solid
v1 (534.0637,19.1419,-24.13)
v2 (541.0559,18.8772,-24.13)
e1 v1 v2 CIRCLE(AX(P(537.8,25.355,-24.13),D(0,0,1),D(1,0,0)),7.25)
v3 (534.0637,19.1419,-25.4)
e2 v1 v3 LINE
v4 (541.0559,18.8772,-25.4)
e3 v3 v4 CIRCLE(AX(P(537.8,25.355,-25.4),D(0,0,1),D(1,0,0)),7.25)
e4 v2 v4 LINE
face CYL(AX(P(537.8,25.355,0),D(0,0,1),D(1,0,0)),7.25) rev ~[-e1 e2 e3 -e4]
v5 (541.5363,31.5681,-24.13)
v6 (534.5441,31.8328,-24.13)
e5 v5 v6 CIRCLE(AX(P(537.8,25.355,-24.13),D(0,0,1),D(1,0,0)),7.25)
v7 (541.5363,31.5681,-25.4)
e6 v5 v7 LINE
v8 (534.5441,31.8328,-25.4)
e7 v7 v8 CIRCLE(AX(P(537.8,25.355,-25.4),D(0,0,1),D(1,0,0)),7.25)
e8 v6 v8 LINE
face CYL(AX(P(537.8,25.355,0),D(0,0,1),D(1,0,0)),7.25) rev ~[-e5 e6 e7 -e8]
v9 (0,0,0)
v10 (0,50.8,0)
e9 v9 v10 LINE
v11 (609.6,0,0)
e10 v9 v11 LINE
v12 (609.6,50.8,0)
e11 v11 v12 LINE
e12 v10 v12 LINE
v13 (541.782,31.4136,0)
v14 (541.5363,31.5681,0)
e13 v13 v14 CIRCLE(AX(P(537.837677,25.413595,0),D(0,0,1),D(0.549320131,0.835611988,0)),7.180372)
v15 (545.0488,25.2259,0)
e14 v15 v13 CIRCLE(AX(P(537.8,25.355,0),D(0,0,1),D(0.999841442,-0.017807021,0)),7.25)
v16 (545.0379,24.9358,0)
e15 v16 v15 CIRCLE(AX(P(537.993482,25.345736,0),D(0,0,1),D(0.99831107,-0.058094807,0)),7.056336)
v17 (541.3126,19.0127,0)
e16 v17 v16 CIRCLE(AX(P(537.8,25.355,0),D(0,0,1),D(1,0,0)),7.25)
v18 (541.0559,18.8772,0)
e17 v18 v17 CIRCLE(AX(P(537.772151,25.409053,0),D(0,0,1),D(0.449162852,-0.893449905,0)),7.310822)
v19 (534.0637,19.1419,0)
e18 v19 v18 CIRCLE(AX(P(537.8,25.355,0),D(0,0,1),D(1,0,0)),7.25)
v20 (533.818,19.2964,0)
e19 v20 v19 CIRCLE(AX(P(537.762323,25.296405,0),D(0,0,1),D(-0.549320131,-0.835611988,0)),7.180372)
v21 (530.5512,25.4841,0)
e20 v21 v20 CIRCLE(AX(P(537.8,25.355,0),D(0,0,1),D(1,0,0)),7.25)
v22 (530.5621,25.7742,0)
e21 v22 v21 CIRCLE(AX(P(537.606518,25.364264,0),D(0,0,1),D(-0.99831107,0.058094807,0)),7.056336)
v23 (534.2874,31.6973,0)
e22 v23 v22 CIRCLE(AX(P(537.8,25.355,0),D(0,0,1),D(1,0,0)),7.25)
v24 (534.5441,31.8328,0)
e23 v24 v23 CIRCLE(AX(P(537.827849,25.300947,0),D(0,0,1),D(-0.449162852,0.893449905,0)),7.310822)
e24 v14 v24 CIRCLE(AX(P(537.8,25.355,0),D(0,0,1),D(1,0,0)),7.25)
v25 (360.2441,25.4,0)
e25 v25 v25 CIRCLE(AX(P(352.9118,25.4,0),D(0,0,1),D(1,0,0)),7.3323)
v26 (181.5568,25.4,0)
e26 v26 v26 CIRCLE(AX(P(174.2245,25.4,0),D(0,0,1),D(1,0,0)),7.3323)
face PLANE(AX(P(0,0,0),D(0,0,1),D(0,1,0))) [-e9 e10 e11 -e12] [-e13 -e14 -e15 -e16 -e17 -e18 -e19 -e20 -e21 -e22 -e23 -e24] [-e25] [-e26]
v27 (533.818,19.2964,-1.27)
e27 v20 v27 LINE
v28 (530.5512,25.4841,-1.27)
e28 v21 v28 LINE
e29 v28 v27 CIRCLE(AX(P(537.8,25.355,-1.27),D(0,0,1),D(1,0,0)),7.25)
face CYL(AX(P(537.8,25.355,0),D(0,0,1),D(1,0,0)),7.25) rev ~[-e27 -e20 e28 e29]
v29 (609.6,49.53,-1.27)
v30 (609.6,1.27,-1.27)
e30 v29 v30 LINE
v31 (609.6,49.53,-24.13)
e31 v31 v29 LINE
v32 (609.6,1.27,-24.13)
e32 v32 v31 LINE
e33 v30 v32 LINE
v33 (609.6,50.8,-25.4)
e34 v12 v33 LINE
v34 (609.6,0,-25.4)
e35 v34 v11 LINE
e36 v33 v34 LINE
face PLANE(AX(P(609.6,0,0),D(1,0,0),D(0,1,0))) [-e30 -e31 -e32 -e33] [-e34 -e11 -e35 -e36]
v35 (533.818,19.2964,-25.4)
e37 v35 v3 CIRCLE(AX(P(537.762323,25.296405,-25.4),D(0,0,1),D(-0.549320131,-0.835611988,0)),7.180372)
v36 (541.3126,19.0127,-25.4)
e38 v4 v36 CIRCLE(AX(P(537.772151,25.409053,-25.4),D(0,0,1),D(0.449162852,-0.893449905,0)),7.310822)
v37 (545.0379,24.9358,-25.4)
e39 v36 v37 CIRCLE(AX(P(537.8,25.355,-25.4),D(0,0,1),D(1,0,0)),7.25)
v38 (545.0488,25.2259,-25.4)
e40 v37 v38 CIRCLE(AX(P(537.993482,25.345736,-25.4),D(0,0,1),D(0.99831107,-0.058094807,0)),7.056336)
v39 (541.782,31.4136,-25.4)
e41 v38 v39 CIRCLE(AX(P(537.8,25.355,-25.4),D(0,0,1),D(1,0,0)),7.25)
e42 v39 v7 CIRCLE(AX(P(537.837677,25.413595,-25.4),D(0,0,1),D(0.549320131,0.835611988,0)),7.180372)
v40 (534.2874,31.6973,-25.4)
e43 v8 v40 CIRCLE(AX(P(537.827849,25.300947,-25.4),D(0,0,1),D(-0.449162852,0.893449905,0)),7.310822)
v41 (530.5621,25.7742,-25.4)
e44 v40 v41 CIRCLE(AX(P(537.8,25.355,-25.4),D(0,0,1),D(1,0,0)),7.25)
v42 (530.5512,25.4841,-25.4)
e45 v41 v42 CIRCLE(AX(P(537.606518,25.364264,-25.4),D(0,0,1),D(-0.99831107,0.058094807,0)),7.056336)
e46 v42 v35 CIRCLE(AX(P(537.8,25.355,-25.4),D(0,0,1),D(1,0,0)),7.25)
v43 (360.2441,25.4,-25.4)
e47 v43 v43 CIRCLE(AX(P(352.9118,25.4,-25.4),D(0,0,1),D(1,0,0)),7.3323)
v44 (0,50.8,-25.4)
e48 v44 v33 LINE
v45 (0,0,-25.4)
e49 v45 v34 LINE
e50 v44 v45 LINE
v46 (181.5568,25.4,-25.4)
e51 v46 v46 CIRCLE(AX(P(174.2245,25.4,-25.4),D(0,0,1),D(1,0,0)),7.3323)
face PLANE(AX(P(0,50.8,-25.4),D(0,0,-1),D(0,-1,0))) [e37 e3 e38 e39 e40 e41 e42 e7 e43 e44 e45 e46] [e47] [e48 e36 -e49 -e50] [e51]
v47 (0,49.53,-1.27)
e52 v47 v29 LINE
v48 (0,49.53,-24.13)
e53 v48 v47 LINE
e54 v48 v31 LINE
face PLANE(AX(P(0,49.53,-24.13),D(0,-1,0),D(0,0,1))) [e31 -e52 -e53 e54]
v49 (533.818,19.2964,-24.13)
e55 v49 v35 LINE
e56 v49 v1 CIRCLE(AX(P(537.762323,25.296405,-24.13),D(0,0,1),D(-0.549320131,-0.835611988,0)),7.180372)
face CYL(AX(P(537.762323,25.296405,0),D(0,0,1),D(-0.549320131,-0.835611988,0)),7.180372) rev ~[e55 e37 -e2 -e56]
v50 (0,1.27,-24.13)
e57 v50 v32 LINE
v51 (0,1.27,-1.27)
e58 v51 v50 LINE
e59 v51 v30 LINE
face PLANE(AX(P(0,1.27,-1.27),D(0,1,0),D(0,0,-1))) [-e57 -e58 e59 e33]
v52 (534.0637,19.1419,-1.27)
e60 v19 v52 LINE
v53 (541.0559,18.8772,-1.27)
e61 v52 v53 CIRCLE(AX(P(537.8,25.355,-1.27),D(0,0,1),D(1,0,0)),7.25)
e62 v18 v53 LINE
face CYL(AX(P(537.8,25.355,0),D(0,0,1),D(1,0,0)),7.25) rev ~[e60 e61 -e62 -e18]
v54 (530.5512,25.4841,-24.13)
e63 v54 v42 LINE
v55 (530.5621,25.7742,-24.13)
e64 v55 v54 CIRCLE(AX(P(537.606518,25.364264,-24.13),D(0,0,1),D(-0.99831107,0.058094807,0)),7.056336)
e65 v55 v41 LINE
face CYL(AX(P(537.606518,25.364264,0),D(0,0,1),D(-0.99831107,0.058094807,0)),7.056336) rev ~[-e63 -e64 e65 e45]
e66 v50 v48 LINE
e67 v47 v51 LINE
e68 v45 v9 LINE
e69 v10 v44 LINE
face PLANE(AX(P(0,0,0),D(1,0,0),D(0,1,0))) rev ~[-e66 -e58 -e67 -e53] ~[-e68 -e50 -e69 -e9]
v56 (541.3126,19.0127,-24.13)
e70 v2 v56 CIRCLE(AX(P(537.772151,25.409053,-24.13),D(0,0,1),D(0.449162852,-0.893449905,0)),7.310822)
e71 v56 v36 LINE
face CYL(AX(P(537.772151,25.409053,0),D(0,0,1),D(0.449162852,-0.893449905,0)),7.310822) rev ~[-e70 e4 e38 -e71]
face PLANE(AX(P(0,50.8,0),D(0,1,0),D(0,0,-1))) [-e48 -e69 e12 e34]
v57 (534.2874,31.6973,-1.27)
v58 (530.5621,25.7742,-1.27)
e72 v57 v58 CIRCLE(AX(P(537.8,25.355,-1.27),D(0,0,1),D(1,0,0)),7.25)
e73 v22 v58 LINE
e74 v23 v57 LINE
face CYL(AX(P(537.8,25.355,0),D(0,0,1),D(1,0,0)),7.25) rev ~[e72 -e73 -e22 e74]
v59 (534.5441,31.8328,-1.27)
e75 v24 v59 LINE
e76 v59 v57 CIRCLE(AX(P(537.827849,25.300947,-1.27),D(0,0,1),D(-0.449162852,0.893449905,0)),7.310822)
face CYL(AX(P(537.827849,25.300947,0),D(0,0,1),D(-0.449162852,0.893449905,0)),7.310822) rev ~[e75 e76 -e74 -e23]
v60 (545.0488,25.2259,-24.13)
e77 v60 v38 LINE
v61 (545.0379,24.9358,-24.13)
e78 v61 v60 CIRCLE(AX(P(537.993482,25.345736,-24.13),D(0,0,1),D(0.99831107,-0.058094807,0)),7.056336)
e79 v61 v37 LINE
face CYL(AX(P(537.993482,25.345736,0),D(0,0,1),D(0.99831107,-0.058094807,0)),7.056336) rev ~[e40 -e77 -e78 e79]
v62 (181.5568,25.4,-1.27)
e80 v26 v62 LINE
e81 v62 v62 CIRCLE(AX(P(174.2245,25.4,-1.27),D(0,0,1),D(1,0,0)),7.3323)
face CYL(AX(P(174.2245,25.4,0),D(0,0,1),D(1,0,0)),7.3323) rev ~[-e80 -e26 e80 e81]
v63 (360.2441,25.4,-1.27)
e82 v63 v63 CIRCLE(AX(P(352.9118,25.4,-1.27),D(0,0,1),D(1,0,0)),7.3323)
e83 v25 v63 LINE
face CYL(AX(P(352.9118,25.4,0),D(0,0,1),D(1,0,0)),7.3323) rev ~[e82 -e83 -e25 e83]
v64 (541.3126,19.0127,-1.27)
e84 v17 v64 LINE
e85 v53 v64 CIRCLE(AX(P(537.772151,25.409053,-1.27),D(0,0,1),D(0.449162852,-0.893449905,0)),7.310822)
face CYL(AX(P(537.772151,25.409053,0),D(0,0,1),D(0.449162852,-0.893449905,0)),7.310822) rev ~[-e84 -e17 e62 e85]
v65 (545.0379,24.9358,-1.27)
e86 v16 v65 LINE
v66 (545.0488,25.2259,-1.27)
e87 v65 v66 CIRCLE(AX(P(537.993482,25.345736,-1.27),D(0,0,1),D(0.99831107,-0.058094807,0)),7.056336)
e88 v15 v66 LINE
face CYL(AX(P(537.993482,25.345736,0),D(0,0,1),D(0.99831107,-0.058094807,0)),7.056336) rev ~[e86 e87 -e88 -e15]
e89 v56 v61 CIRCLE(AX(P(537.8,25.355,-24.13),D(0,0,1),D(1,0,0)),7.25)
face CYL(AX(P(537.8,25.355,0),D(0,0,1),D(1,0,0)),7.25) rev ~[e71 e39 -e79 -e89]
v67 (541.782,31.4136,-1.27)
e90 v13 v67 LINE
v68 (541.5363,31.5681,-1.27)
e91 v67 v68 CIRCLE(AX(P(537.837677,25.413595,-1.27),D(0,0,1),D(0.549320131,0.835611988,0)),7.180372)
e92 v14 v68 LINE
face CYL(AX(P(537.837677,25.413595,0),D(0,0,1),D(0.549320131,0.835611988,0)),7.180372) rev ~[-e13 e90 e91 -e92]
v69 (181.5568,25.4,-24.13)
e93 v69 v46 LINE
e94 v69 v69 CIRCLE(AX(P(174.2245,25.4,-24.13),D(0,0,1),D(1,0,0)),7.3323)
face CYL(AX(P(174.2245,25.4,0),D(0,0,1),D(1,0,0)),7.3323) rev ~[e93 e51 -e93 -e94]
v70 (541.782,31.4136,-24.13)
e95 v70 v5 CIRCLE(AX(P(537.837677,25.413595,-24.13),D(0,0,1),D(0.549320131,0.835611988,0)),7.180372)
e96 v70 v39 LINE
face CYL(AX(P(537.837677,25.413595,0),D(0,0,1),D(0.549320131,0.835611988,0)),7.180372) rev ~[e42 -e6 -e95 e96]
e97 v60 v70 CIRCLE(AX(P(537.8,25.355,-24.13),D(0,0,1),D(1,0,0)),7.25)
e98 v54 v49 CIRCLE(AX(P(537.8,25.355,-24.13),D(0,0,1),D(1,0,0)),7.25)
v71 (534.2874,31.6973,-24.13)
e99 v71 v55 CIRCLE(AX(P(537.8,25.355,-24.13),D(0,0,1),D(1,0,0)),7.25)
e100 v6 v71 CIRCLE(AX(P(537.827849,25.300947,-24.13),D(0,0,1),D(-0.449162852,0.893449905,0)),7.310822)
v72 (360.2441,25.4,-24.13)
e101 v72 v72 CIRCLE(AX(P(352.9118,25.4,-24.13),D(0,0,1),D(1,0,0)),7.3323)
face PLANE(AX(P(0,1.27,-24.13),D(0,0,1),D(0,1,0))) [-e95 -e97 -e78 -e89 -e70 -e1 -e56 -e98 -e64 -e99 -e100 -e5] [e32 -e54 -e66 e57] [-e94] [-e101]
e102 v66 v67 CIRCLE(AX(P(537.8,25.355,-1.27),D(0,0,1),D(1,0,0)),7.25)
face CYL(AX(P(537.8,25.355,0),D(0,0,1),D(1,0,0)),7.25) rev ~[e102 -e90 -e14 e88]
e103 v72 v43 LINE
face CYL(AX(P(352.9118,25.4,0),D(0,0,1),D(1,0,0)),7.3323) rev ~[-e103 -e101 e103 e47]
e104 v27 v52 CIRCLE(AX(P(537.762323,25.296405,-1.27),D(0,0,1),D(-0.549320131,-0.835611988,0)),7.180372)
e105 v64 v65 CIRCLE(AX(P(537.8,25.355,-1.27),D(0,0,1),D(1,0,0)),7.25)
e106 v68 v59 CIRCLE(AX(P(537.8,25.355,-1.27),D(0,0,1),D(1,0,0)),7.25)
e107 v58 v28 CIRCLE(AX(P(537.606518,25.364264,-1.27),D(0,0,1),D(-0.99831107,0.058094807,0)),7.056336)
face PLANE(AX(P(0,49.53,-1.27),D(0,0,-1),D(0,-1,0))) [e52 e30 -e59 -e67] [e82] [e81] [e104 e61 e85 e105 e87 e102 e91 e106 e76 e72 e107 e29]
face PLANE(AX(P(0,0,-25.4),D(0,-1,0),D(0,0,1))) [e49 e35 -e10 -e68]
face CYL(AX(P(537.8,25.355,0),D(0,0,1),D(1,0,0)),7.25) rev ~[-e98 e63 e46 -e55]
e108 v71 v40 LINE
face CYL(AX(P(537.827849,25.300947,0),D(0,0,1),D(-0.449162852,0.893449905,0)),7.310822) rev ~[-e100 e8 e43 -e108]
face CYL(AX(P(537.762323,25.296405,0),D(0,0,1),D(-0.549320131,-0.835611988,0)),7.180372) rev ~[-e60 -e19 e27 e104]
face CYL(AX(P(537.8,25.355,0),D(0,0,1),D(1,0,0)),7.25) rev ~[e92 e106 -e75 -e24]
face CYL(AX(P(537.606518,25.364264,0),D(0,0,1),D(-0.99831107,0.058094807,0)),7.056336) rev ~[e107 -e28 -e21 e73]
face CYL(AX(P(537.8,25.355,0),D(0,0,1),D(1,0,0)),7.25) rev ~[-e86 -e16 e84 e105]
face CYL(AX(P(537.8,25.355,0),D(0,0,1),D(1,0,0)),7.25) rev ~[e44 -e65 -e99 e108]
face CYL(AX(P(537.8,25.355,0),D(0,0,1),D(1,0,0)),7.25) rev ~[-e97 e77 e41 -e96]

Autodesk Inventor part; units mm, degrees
ref_plane "YZ Plane" through (0, 0, 0) normal (1, 0, 0) x (0, 1, 0)
ref_plane "XZ Plane" through (0, 0, 0) normal (0, 1, 0) x (-1, 0, 0)
ref_plane "XY Plane" through (0, 0, 0) normal (0, 0, 1) x (1, 0, 0)
sketch "Sketch1" plane through (0, 0, 0) normal (1, 0, 0) x (0, 1, 0)
  line L0 (0, 0) -> (50.8, 0)
  line L1 (50.8, 0) -> (50.8, -25.4)
  line L2 (50.8, -25.4) -> (0, -25.4)
  line L3 (0, -25.4) -> (0, 0)
  line L4 (49.53, -24.13) -> (49.53, -1.27)
  line L5 (49.53, -1.27) -> (1.27, -1.27)
  line L6 (1.27, -1.27) -> (1.27, -24.13)
  line L7 (1.27, -24.13) -> (49.53, -24.13)
  dimension "d0" = 50.8
  dimension "d1" = 25.4
  dimension "d2" = 1.27
extrude "Extrusion1" add sketch "Sketch1" along normal blind 609.6
sketch "Sketch2" plane through (0, 0, 0) normal (0, 0, 1) x (1, 0, 0)
  line L0 (537.5598, 19.0095) -> (541.0559, 18.8772) projected
  line L1 (534.0637, 19.1419) -> (537.5598, 19.0095) projected
  line L2 (532.1846, 22.3903) -> (533.818, 19.2964) projected
  arc A0 (533.818, 19.2964) -> (534.0637, 19.1419) centre (537.8, 25.355) ccw projected
  arc A1 (530.5621, 25.7742) -> (530.5512, 25.4841) centre (537.8, 25.355) ccw projected
  arc A2 (534.5441, 31.8328) -> (534.2874, 31.6973) centre (537.8, 25.355) ccw projected
  arc A3 (541.782, 31.4136) -> (541.5363, 31.5681) centre (537.8, 25.355) ccw projected
  arc A4 (545.0379, 24.9358) -> (545.0488, 25.2259) centre (537.8, 25.355) ccw projected
  arc A5 (541.0559, 18.8772) -> (541.3126, 19.0127) centre (537.8, 25.355) ccw projected
  circle A6 centre (537.8, 25.355) radius 7.25
  point P0 (0, 0)
extrude "Extrusion2" cut sketch "Sketch2" against normal through all
sketch "Sketch4" plane through (0, 0, 0) normal (0, 0, 1) x (1, 0, 0)
  circle A0 centre (352.9118, 25.4) radius 7.3323
  circle A1 centre (174.2245, 25.4) radius 7.3323
  point P0 (0, 0)
extrude "Extrusion4" cut sketch "Sketch4" against normal through all
properties part number "Aluminum Channel Arm"
